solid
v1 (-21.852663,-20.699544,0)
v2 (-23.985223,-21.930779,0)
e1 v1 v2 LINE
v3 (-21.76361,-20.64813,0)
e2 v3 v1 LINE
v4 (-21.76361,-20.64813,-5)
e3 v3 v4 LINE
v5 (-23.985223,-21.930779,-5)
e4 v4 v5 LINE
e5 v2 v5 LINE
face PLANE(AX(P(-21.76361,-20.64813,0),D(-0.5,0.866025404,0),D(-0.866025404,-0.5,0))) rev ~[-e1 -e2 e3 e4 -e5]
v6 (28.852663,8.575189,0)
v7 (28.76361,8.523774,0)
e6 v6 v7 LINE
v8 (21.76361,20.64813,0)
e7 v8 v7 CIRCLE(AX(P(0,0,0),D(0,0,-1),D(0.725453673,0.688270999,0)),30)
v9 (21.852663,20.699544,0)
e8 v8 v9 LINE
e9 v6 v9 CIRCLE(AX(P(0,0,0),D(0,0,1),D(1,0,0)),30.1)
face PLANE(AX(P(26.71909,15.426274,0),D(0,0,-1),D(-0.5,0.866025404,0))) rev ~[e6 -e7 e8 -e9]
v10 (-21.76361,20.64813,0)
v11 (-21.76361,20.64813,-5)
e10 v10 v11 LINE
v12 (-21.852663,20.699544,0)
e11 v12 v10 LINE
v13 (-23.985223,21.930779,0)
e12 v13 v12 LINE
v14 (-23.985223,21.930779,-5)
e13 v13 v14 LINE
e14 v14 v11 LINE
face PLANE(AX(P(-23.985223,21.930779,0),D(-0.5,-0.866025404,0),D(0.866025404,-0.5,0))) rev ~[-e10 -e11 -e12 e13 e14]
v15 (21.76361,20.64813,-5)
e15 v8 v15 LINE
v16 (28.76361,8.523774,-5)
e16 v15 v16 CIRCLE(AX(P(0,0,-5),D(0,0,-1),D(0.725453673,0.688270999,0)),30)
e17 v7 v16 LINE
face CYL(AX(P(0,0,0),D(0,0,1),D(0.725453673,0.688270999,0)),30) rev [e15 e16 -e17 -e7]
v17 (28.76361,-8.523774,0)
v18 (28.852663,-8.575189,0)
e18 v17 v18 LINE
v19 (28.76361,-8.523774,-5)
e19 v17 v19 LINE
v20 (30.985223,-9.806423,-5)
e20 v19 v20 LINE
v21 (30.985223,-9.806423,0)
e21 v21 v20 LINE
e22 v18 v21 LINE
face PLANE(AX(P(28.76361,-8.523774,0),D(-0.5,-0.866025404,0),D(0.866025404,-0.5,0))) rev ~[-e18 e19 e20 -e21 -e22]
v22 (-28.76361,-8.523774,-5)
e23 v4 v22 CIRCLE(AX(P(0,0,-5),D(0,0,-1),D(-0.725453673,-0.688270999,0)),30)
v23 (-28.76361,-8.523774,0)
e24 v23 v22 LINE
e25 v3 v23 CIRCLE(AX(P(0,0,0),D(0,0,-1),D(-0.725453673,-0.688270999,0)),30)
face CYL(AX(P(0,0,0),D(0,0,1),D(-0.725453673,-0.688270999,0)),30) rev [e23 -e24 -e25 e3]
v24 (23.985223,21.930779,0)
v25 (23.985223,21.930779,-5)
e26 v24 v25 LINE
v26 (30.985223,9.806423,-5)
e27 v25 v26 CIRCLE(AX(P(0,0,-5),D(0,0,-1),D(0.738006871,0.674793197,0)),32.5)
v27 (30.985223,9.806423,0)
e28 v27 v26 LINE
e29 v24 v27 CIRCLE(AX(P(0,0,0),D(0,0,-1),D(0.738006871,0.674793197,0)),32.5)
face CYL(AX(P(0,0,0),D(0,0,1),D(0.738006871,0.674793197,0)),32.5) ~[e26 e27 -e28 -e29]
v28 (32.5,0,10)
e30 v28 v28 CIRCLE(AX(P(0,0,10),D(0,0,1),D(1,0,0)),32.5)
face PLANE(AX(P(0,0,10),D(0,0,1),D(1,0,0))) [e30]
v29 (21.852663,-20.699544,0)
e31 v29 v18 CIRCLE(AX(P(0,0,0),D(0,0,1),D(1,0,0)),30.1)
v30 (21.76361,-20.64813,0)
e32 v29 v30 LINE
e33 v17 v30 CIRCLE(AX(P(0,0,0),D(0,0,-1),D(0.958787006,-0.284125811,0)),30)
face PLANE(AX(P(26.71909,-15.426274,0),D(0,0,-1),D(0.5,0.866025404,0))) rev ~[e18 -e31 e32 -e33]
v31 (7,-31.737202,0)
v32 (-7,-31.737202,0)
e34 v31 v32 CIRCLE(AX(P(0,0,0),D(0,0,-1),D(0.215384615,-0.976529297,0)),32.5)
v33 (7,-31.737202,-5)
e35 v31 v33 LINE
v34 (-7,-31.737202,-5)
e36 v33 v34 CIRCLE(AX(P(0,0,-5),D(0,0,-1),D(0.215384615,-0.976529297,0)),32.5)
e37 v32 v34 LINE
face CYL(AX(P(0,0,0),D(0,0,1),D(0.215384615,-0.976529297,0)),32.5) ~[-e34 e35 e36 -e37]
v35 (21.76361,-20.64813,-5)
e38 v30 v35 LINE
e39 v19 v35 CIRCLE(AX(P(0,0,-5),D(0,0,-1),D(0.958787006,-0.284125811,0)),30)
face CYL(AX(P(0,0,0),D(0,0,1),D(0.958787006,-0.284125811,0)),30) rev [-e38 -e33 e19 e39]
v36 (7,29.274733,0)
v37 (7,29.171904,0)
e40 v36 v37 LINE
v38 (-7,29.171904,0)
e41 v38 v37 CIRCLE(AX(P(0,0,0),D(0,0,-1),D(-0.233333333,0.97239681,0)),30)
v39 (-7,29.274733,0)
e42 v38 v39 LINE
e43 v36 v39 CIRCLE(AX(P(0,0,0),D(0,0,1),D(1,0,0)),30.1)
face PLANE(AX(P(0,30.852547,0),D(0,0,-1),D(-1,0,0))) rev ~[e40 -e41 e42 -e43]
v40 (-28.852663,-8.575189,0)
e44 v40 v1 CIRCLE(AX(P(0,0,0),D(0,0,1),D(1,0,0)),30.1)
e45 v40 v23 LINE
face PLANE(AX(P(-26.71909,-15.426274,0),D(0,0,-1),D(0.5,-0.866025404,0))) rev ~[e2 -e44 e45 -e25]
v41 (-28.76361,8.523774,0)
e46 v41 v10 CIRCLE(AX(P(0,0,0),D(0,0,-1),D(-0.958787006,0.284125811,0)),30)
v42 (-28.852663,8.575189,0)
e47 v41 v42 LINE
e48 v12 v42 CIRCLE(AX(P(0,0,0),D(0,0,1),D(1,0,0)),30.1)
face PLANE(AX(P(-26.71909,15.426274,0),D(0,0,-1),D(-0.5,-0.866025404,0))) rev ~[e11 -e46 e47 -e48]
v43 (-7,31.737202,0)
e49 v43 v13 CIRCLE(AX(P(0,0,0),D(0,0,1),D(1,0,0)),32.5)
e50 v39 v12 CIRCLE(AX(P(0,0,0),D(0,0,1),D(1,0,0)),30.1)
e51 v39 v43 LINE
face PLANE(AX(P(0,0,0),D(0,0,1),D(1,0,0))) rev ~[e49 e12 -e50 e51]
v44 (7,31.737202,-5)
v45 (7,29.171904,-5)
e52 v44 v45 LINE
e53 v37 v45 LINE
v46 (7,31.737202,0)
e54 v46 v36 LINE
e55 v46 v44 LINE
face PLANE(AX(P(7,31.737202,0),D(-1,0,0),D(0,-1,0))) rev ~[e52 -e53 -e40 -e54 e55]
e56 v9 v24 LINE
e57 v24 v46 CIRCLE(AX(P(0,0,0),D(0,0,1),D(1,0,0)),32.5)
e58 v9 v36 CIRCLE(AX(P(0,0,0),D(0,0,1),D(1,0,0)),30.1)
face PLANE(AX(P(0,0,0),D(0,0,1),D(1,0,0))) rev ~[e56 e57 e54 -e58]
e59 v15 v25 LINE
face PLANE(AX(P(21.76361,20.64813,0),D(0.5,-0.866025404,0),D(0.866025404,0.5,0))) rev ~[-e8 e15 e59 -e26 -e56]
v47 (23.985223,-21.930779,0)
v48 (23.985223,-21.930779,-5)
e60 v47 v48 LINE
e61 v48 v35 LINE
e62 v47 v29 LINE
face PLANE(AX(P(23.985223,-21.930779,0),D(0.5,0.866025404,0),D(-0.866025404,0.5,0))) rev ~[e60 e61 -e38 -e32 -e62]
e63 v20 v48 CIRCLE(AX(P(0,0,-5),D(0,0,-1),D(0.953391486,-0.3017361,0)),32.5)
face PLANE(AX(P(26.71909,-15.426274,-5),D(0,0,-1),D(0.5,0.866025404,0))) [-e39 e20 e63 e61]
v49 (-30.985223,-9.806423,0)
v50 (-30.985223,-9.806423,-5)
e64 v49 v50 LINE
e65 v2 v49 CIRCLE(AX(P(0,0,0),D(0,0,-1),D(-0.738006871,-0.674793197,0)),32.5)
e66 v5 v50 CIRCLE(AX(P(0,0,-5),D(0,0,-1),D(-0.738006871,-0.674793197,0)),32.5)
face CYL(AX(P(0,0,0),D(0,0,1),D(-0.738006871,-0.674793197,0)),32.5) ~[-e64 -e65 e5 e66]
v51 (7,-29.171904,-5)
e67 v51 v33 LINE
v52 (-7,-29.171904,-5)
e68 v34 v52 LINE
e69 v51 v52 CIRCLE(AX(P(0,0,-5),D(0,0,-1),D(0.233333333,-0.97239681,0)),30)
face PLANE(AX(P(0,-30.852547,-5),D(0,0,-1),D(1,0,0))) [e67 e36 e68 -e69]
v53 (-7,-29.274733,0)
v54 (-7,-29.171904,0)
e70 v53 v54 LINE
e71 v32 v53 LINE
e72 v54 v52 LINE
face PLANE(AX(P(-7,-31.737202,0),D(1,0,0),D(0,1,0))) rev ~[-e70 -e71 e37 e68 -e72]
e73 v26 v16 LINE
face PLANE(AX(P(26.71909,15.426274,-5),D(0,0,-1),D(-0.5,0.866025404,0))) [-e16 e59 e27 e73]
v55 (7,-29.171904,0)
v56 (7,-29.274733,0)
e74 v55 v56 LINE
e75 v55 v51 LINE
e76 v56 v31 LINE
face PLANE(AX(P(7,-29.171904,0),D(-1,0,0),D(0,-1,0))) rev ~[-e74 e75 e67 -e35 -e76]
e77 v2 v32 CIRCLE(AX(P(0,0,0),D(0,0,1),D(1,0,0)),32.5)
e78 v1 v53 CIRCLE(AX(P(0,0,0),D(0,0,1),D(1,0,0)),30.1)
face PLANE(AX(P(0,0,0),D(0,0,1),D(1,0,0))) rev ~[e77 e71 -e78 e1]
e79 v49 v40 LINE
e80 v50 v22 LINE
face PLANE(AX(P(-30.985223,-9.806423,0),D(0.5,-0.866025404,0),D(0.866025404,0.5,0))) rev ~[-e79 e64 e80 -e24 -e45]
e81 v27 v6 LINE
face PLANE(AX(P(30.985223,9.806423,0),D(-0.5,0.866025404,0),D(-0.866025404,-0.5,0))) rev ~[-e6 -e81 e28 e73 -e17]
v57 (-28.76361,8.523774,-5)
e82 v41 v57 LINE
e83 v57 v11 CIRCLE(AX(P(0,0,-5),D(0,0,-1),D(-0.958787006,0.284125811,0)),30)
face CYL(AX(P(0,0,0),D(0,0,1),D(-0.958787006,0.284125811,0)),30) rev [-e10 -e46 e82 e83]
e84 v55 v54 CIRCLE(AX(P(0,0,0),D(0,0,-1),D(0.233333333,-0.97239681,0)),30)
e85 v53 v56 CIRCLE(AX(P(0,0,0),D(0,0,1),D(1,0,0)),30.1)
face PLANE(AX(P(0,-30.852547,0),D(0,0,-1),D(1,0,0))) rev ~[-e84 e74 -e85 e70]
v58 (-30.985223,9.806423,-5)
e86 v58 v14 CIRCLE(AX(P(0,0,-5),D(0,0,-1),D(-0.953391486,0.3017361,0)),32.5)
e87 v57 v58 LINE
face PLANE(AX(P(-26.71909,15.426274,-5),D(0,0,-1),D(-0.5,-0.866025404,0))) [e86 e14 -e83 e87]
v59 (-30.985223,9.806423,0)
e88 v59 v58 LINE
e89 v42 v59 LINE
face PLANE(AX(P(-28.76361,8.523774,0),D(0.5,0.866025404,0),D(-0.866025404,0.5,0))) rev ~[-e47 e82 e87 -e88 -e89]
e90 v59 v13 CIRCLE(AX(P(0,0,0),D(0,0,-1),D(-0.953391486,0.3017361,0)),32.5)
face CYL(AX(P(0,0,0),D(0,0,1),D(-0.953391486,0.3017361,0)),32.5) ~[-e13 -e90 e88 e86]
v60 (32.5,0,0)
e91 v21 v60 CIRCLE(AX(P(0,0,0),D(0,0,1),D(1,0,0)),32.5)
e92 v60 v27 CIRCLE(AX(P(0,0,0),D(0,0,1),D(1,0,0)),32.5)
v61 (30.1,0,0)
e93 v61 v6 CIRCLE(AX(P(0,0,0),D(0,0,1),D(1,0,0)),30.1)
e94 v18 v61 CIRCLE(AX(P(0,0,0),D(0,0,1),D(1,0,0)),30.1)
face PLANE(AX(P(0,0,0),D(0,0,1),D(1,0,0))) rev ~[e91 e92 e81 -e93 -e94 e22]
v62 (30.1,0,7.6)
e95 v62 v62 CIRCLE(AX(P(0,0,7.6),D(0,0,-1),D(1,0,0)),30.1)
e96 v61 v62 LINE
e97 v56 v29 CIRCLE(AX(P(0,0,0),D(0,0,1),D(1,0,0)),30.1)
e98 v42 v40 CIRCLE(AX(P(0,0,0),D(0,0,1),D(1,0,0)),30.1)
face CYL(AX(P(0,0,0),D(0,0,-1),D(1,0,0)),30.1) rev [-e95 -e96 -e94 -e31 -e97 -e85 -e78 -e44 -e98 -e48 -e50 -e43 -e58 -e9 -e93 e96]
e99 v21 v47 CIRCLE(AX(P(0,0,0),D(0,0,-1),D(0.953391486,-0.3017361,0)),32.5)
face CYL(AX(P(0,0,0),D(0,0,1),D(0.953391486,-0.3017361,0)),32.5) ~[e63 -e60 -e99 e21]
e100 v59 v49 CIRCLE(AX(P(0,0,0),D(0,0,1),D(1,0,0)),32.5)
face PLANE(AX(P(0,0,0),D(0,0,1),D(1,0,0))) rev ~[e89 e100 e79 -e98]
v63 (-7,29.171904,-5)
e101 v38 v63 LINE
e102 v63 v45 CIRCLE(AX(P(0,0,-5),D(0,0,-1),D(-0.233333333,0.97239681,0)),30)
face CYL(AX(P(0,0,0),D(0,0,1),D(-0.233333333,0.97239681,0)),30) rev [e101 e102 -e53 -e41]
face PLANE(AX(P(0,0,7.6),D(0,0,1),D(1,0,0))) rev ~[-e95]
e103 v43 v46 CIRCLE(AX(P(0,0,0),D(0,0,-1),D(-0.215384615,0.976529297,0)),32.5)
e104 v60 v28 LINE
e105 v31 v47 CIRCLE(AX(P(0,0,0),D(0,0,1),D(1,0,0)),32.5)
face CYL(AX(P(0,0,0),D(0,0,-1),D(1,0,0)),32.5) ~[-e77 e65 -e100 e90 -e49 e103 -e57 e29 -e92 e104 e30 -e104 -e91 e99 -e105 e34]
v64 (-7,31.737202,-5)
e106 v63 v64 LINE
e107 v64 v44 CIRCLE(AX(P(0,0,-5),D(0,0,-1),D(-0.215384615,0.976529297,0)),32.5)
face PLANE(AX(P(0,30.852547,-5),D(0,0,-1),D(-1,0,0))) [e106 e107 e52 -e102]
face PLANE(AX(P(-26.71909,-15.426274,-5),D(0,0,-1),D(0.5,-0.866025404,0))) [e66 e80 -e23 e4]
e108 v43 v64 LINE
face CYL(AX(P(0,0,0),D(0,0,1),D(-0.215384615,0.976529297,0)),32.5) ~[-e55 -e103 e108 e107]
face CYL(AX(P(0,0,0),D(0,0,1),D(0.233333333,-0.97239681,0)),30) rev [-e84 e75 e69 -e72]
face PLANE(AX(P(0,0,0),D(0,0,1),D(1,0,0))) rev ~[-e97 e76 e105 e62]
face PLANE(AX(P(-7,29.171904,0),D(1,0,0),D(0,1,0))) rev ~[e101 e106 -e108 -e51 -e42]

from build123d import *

# Parameters (mm, degrees)
SKETCH044_R           = 32.5
PAD022_DEPTH          = 10
THICKNESS002_T        = -2.4
PAD023_DEPTH          = 5
POLARPATTERN012_COUNT = 6


with BuildPart() as part:
    # Sketch044 → Pad022 (new body)
    with BuildSketch(Plane.XY):
        Circle(SKETCH044_R)
    extrude(amount=PAD022_DEPTH)

    # Thickness002
    thickness002_openings = [part.faces().sort_by_distance(p)[0] for p in [
        (0, 0, 0),
    ]]
    offset(amount=THICKNESS002_T, openings=thickness002_openings)

    # Sketch045 (on Face2 of Pad022) → Pad023 (join)
    with BuildSketch(Plane(origin=(0, 0, 0), x_dir=(1, 0, 0), z_dir=(0, 0, -1))):
        with BuildLine():
            Line((-7, 31.7372021451), (-7, 29.1719042916))
            ThreePointArc((7, 29.1719042916), (0, 30), (-7, 29.1719042916))
            Line((7, 29.1719042916), (7, 31.7372021451))
            ThreePointArc((7, 31.7372021451), (0, 32.5), (-7, 31.7372021451))
        make_face()
    pad023 = extrude(amount=PAD023_DEPTH)

    # PolarPattern012: Pad023 ×6 about axis
    polarpattern012_axis = Axis((0, 0, 0), (0, 0, -1))
    for i in range(1, POLARPATTERN012_COUNT):
        add(pad023.rotate(polarpattern012_axis, i * 360 / POLARPATTERN012_COUNT))


solid = part.part
